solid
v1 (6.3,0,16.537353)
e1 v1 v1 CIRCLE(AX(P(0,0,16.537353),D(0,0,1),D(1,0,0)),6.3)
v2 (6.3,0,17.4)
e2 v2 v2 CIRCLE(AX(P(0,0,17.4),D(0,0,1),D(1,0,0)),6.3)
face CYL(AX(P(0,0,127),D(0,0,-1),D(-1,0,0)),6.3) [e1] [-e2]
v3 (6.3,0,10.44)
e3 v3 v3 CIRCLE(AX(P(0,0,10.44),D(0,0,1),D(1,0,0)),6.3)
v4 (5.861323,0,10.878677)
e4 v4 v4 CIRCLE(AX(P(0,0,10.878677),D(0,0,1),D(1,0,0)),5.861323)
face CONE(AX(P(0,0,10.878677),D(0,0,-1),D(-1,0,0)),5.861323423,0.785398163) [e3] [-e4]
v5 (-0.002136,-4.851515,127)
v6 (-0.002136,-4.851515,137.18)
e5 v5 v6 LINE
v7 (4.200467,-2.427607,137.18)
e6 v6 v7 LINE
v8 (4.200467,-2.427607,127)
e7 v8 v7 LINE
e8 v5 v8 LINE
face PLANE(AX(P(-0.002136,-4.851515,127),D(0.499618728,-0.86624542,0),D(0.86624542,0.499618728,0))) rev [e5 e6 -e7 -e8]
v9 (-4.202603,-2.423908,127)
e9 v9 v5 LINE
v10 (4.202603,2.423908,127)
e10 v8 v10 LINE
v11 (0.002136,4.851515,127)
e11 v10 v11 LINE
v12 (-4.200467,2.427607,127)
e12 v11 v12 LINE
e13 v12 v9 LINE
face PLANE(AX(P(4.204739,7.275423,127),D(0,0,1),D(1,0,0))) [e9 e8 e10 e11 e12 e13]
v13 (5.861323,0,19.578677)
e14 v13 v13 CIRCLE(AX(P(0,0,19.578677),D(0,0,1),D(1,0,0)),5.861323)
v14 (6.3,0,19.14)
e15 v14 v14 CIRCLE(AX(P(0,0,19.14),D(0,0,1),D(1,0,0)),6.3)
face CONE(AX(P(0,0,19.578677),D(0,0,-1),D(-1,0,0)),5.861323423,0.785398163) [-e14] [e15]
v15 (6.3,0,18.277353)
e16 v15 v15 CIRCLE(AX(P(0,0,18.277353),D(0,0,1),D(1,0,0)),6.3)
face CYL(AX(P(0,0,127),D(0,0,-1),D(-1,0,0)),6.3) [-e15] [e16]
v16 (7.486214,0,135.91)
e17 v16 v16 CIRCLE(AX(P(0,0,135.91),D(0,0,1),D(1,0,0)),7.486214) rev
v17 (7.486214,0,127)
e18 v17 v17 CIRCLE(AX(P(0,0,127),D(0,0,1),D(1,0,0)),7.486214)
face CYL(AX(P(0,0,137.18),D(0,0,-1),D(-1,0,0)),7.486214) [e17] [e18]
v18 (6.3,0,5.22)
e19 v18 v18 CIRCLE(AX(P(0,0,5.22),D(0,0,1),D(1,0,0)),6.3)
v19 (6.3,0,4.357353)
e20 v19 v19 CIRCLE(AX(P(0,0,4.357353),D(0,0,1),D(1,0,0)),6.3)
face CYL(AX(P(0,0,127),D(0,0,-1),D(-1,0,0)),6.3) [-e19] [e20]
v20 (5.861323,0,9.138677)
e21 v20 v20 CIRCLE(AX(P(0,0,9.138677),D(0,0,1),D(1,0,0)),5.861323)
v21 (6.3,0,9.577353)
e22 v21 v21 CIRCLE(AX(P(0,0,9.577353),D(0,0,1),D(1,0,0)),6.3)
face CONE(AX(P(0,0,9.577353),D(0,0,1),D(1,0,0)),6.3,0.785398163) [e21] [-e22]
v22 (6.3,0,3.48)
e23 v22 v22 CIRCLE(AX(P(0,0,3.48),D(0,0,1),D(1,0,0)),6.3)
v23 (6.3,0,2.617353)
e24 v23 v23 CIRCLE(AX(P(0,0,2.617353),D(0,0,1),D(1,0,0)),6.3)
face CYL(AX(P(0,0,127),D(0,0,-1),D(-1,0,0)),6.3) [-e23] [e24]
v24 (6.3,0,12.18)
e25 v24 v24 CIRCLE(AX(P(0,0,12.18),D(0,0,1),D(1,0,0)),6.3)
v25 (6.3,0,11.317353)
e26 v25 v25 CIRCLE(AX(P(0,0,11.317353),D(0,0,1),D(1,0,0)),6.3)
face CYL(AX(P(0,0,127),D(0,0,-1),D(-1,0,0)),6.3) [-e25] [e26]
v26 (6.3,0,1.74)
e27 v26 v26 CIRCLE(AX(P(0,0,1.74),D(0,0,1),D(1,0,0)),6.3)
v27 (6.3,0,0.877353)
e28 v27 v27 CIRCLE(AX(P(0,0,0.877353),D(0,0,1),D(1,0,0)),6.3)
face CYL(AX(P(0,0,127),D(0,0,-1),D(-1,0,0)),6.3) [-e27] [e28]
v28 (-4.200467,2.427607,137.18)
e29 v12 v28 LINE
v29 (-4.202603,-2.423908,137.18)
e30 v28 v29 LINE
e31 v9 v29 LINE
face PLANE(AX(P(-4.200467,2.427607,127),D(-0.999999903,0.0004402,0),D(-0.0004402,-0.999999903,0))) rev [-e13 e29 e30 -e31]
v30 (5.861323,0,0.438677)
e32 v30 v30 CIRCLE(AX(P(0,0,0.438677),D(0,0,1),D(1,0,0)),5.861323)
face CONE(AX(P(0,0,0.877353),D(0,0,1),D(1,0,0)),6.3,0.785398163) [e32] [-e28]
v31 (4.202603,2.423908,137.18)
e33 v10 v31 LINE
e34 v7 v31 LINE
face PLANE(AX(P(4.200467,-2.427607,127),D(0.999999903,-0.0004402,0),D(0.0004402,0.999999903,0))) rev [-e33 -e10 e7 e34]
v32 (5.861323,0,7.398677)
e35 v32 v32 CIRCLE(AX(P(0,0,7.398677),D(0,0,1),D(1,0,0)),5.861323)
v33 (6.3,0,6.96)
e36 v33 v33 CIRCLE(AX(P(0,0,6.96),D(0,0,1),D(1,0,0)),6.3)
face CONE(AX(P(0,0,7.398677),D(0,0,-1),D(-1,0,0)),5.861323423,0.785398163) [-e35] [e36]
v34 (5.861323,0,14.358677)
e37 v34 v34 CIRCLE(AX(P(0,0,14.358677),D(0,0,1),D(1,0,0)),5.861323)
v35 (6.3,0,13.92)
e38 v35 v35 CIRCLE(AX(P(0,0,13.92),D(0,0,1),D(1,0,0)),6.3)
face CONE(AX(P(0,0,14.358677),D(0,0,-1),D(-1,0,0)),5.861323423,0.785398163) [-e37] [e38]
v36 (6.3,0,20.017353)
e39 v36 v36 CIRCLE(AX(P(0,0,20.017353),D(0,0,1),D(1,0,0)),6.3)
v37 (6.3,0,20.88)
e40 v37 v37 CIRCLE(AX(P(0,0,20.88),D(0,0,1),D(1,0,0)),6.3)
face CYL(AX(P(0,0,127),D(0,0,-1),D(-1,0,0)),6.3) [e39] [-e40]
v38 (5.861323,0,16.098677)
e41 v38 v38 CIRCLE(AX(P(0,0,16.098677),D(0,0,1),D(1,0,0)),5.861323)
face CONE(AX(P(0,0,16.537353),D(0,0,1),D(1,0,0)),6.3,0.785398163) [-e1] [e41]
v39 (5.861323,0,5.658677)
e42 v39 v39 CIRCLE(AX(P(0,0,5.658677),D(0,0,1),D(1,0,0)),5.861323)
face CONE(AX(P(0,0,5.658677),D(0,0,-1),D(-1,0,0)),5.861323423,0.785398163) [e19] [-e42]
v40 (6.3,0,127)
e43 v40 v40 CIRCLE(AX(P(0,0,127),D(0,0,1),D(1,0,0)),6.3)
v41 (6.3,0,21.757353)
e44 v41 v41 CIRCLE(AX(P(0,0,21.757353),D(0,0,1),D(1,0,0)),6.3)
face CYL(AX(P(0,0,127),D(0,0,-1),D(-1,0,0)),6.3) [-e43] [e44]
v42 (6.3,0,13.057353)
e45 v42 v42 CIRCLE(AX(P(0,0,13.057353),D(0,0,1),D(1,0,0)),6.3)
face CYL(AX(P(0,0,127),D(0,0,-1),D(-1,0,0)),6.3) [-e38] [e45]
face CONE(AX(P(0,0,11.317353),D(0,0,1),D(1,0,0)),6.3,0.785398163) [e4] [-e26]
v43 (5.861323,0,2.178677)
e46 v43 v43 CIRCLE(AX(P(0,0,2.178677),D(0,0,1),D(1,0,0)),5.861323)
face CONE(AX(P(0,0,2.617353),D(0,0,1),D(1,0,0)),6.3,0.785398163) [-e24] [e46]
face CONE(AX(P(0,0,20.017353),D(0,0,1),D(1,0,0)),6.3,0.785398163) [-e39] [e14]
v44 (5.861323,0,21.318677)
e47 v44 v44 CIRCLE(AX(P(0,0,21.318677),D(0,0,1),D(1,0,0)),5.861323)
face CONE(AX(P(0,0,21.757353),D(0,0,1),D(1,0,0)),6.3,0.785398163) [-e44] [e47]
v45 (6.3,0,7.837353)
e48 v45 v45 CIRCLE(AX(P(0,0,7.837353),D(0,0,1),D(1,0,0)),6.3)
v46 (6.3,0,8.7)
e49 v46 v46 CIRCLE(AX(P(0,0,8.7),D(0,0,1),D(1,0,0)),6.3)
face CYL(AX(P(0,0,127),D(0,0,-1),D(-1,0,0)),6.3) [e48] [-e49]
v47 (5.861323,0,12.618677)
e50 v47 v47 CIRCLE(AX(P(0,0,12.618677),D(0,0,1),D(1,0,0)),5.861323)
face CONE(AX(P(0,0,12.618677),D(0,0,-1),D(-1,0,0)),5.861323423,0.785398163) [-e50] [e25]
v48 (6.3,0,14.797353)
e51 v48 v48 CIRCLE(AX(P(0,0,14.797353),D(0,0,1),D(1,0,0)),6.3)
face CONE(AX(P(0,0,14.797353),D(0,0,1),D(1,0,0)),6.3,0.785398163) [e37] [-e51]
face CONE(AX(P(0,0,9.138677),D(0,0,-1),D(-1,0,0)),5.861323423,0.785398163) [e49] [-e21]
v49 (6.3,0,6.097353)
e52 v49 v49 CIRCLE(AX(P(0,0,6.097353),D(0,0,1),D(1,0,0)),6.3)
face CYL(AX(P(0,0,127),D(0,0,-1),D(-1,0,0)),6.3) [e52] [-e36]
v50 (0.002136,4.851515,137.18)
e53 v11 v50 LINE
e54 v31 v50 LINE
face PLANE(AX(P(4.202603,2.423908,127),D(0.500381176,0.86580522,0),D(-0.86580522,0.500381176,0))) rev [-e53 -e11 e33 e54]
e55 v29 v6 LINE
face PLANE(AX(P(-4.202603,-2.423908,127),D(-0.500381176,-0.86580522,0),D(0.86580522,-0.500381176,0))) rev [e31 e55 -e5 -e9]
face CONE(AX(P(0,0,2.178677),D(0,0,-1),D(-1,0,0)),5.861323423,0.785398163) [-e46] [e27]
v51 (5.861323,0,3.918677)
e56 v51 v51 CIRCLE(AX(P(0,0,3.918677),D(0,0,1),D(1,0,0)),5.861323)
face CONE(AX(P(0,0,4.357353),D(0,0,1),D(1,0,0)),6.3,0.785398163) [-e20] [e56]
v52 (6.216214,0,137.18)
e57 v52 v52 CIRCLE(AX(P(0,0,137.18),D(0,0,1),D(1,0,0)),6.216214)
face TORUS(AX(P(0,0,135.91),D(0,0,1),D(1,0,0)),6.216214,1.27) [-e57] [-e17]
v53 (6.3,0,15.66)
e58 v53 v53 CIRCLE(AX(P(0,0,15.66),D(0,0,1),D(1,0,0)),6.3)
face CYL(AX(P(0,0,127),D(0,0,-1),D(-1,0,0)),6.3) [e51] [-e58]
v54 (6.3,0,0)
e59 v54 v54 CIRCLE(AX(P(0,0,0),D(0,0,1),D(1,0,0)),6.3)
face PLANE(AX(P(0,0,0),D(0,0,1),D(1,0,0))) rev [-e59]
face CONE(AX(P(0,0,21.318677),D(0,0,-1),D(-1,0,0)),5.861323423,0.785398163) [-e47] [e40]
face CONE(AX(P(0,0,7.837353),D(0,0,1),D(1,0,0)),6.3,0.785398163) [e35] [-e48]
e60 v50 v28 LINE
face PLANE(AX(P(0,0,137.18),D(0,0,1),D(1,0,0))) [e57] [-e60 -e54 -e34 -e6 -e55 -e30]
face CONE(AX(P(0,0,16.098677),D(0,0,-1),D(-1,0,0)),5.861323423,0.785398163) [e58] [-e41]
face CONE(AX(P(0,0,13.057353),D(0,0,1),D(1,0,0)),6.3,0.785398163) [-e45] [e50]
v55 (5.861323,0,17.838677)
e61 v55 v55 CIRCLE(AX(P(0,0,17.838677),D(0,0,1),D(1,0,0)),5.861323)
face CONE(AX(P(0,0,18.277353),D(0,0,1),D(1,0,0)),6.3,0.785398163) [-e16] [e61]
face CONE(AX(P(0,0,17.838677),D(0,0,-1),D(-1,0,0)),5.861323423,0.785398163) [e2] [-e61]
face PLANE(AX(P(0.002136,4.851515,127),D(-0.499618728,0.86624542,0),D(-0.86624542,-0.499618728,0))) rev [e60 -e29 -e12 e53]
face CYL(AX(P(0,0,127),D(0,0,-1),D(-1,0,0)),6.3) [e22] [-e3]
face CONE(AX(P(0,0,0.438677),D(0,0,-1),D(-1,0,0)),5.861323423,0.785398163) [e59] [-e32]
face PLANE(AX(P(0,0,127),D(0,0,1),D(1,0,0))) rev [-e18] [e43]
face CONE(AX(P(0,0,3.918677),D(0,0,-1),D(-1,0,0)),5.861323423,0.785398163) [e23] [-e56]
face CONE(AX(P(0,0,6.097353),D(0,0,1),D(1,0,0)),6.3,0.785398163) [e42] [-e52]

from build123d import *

# Parameters (mm, degrees)
SKETCH1_R          = 6.3
EXTRUDE1_DEPTH     = 127
SKETCH2_R          = 7.486213626
EXTRUDE2_DEPTH     = 10.18
FILLET1_R          = 1.27
CUT_EXTRUDE1_DEPTH = 10.18
LPATTERN1_COUNT    = 13
LPATTERN1_PITCH    = 1.74


with BuildPart() as part:
    # Sketch1 → Extrude1 (new body)
    with BuildSketch(Plane.XY):
        Circle(SKETCH1_R)
    extrude(amount=EXTRUDE1_DEPTH)

    # Sketch2 → Extrude2 (add)
    with BuildSketch(Plane.XY.offset(127)):
        Circle(SKETCH2_R)
    extrude(amount=EXTRUDE2_DEPTH)

    # Fillet1
    fillet1_edges = [part.edges().sort_by_distance(p)[0] for p in [
        (-7.486213626, 0, 137.18),
    ]]
    fillet(fillet1_edges, radius=FILLET1_R)

    # Sketch3 → Cut-Extrude1 (cut)
    with BuildSketch(Plane.XY.offset(137.18)):
        Polygon((4.202603037, 2.423907976), (0.002135635, 4.85151498), (-4.200467402, 2.427607004), (-4.202603037, -2.423907976), (-0.002135635, -4.85151498), (4.200467402, -2.427607004), align=None)
    extrude(amount=-CUT_EXTRUDE1_DEPTH, mode=Mode.SUBTRACT)

    # Sketch4 → Cut-Revolve1 (revolve, cut)
    with BuildSketch(Plane(origin=(0, 0, 0), x_dir=(1, 0, 0), z_dir=(0, 1, 0))):
        Polygon((-6.3, 0), (-5.861323423, -0.438676577), (-6.3, -0.877353155), (-6.738676577, -0.438676577), align=None)
    cut_revolve1 = revolve(axis=Axis((0, 0, 127), (0, 0, -1)), mode=Mode.SUBTRACT)

    # LPattern1: Cut-Revolve1 ×13
    with Locations(*[(0, 0, i * LPATTERN1_PITCH) for i in range(1, LPATTERN1_COUNT)]):
        add(cut_revolve1, mode=Mode.SUBTRACT)


solid = part.part
